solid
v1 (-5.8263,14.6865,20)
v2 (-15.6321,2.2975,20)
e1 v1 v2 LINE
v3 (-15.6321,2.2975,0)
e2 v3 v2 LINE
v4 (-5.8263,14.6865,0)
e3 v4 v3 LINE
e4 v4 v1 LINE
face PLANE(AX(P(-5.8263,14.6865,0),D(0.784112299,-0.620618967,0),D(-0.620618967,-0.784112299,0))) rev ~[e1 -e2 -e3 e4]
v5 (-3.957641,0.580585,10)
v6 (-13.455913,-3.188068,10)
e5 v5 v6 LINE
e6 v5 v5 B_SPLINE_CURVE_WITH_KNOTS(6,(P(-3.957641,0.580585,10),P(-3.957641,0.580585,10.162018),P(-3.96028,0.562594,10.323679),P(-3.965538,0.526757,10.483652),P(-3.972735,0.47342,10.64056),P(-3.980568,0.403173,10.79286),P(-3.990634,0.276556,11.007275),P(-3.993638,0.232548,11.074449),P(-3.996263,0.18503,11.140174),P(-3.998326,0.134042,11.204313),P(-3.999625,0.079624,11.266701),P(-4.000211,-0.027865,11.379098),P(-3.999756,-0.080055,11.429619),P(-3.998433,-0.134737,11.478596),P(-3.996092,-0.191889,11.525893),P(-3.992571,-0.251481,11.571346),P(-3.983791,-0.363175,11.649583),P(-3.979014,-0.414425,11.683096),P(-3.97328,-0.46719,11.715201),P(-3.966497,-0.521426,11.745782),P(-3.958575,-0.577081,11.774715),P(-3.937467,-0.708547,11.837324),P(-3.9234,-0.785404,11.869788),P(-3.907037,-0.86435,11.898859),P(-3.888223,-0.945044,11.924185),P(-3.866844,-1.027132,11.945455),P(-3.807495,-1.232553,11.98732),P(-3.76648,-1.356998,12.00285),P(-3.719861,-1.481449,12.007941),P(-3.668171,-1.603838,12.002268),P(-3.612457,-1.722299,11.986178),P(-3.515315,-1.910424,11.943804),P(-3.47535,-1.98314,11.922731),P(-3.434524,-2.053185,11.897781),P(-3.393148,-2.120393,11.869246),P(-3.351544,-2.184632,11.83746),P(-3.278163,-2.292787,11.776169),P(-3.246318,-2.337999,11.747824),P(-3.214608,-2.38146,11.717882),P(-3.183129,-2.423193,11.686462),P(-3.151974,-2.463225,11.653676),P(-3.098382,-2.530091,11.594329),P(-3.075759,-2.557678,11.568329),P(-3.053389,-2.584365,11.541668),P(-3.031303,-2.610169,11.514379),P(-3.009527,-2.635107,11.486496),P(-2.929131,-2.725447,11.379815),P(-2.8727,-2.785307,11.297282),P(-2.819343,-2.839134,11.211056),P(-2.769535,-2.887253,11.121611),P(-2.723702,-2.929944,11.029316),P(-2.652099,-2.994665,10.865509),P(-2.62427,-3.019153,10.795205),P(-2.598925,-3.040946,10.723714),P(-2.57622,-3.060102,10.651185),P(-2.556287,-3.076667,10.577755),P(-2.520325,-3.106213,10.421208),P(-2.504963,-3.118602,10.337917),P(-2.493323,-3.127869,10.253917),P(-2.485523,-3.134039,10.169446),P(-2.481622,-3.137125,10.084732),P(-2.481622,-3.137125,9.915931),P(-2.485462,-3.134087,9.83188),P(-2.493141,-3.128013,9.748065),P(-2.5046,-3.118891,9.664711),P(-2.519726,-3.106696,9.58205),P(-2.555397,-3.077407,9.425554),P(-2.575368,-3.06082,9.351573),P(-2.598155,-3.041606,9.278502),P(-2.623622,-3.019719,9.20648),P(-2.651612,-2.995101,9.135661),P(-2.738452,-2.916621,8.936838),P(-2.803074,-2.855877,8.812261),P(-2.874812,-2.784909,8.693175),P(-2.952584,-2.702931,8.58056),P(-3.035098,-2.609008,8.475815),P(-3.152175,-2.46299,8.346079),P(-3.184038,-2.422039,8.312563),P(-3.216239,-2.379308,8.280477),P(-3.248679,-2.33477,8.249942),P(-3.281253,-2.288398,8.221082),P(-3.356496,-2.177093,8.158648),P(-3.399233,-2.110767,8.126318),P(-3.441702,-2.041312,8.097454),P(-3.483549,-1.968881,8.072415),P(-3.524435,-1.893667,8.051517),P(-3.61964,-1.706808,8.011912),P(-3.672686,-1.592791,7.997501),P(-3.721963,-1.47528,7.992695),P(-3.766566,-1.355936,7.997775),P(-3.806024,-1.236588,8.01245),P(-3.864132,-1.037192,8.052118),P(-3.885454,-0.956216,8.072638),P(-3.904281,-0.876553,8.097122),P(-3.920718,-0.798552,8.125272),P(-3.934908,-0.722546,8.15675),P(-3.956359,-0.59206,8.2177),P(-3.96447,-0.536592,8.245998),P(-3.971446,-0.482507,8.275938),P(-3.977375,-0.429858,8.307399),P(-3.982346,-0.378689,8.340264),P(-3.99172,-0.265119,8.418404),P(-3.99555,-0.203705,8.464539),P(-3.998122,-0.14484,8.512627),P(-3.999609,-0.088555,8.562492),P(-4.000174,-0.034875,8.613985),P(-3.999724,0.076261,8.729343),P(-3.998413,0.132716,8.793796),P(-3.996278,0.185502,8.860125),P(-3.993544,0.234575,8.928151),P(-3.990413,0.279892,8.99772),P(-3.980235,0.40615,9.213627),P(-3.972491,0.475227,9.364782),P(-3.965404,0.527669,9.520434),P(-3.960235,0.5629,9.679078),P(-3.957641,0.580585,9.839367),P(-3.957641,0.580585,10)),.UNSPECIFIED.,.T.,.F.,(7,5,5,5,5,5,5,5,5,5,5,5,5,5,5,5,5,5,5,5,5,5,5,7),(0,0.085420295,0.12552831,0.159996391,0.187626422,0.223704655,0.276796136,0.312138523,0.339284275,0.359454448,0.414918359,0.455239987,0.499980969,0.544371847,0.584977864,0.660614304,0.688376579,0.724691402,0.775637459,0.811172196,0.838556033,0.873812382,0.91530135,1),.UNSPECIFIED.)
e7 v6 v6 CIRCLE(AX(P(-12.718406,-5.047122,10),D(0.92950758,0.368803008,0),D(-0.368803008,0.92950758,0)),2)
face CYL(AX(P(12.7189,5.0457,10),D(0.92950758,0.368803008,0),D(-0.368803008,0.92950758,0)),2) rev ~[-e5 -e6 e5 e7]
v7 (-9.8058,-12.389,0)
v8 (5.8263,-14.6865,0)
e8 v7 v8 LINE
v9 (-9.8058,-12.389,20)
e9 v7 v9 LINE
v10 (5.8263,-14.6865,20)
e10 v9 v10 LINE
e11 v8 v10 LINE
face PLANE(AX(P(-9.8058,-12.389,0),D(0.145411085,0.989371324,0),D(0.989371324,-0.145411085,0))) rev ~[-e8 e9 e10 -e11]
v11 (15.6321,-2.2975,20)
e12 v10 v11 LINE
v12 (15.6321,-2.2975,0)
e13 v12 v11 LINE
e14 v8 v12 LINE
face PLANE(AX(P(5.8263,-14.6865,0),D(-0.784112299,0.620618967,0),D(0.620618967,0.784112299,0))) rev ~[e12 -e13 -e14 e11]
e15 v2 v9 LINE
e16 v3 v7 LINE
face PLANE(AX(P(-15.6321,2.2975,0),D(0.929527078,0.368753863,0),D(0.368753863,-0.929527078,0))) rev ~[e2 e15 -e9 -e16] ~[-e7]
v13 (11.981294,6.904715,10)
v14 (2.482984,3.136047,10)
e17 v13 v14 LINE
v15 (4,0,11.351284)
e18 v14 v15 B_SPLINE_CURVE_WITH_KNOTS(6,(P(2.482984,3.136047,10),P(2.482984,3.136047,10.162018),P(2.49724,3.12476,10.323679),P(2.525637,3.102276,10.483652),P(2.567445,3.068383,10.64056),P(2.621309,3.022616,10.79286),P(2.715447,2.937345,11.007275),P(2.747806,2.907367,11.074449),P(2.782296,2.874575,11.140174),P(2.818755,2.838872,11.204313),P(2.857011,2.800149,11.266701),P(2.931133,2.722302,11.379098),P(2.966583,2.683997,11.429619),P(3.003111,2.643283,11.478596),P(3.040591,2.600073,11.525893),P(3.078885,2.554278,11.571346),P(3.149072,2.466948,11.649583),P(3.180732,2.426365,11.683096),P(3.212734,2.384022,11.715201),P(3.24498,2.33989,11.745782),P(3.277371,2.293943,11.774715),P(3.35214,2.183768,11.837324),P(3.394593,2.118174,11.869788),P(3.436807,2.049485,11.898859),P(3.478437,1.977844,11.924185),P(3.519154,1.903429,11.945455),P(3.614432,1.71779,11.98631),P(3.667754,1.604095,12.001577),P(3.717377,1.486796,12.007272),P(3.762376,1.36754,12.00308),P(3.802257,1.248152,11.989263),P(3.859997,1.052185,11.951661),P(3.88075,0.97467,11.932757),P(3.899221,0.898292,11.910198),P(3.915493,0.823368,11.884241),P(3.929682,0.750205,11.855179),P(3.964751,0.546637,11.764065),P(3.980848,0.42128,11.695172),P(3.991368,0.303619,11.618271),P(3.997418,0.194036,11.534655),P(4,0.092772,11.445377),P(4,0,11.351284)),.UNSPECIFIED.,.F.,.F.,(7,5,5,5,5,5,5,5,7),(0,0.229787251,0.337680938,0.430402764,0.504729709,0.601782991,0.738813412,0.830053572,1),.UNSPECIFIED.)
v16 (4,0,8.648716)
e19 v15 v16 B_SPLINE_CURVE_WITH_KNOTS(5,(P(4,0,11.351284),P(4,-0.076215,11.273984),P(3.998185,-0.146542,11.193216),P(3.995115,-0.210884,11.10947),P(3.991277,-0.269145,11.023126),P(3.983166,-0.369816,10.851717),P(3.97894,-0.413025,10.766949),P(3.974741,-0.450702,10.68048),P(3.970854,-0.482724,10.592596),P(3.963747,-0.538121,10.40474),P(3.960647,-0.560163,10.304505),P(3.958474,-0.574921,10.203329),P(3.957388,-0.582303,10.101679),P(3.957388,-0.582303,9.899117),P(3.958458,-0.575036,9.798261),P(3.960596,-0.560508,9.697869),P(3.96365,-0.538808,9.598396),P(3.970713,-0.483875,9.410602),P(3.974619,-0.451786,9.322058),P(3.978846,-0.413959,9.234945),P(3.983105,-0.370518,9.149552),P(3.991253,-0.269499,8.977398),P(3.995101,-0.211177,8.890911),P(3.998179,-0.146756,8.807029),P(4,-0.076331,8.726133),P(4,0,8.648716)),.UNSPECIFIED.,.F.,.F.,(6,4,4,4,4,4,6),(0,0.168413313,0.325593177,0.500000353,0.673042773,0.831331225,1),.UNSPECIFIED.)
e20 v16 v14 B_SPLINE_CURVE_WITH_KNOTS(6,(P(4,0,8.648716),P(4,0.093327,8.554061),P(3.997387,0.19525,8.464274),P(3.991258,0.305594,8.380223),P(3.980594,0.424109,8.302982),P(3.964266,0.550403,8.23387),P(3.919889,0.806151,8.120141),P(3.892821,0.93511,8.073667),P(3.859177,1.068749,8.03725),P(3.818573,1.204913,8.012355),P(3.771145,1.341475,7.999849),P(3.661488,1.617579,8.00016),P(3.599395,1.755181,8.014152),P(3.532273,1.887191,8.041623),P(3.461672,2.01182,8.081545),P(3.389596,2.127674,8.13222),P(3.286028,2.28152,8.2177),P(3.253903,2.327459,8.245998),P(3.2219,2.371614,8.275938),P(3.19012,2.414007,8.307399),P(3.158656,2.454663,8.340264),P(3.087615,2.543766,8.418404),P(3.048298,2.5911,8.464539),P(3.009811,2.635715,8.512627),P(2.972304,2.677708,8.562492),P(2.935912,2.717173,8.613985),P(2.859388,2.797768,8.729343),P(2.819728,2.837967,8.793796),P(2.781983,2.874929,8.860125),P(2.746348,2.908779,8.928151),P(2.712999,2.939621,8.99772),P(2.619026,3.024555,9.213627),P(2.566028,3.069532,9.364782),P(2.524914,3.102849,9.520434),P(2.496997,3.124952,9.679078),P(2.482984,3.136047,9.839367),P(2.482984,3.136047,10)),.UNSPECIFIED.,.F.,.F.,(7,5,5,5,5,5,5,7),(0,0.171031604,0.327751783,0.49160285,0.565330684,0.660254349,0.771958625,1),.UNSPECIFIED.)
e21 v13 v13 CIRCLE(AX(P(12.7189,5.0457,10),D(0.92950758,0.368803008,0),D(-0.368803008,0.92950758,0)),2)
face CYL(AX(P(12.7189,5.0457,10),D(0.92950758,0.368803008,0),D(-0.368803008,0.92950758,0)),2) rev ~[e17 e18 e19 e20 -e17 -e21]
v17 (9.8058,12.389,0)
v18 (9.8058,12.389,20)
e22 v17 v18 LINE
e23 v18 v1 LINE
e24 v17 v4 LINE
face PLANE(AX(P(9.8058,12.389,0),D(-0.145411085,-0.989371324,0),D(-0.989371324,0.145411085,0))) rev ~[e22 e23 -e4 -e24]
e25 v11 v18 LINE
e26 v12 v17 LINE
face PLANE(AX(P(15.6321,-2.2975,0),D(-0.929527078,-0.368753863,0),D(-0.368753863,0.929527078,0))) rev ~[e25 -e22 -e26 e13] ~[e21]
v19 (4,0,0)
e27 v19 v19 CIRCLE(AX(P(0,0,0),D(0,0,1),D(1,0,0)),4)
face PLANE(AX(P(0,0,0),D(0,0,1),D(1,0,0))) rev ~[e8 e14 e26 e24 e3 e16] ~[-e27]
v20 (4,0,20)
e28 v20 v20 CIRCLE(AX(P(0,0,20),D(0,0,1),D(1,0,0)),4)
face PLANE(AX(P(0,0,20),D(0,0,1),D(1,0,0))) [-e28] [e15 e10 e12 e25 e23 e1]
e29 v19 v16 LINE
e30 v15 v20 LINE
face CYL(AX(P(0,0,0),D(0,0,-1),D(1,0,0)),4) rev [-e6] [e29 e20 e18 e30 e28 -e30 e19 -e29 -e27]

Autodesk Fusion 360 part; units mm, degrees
sketch "Sketch1" plane through (0, 0, 0) normal (0, 0, 1) x (1, 0, 0)
  line L0 (9.8058, 12.389) -> (-5.8263, 14.6865)
  line L1 (-5.8263, 14.6865) -> (-15.6321, 2.2975)
  line L2 (-15.6321, 2.2975) -> (-9.8058, -12.389)
  line L3 (-9.8058, -12.389) -> (5.8263, -14.6865)
  line L4 (5.8263, -14.6865) -> (15.6321, -2.2975)
  line L5 (15.6321, -2.2975) -> (9.8058, 12.389)
  circle A0 centre (0, 0) radius 4
  dimension "d2" = 15.8
  dimension "d4" = 8
extrude "Extrude1" add sketch "Sketch1" along normal blind 20
sketch "Sketch2" plane through (12.7189, 5.0457, 0) normal (0.9295, 0.3688, 0) x (-0.3688, 0.9295, 0)
  line L0 (-7.9, 0) -> (7.9, 0)
  line L1 (7.9, 0) -> (7.9, 20)
  line L2 (7.9, 20) -> (-7.9, 20)
  line L3 (-7.9, 20) -> (-7.9, 0)
  circle A0 centre (0, 10) radius 2
  dimension "d10" = 4
  dimension "d11" = 10
  dimension "d12" = 7.9
extrude "Extrude2" cut sketch "Sketch2" against normal blind 115.8 contours A0
equation "hub_nut_polygon_radius = 7.9 mm"
equation "d2 = hub_nut_polygon_radius * 2"
equation "center_hole_radius = 4 mm"
equation "d4 = center_hole_radius * 2"
equation "thickness = 20 mm"
equation "extra = 100 mm"
equation "dowel_pin_hole_radius = 2 mm"
equation "d8 = thickness"
equation "d10 = dowel_pin_hole_radius * 2"
equation "d11 = thickness / 2"
equation "d12 = hub_nut_polygon_radius"
equation "d13 = -( hub_nut_polygon_radius * 2 + extra )"
